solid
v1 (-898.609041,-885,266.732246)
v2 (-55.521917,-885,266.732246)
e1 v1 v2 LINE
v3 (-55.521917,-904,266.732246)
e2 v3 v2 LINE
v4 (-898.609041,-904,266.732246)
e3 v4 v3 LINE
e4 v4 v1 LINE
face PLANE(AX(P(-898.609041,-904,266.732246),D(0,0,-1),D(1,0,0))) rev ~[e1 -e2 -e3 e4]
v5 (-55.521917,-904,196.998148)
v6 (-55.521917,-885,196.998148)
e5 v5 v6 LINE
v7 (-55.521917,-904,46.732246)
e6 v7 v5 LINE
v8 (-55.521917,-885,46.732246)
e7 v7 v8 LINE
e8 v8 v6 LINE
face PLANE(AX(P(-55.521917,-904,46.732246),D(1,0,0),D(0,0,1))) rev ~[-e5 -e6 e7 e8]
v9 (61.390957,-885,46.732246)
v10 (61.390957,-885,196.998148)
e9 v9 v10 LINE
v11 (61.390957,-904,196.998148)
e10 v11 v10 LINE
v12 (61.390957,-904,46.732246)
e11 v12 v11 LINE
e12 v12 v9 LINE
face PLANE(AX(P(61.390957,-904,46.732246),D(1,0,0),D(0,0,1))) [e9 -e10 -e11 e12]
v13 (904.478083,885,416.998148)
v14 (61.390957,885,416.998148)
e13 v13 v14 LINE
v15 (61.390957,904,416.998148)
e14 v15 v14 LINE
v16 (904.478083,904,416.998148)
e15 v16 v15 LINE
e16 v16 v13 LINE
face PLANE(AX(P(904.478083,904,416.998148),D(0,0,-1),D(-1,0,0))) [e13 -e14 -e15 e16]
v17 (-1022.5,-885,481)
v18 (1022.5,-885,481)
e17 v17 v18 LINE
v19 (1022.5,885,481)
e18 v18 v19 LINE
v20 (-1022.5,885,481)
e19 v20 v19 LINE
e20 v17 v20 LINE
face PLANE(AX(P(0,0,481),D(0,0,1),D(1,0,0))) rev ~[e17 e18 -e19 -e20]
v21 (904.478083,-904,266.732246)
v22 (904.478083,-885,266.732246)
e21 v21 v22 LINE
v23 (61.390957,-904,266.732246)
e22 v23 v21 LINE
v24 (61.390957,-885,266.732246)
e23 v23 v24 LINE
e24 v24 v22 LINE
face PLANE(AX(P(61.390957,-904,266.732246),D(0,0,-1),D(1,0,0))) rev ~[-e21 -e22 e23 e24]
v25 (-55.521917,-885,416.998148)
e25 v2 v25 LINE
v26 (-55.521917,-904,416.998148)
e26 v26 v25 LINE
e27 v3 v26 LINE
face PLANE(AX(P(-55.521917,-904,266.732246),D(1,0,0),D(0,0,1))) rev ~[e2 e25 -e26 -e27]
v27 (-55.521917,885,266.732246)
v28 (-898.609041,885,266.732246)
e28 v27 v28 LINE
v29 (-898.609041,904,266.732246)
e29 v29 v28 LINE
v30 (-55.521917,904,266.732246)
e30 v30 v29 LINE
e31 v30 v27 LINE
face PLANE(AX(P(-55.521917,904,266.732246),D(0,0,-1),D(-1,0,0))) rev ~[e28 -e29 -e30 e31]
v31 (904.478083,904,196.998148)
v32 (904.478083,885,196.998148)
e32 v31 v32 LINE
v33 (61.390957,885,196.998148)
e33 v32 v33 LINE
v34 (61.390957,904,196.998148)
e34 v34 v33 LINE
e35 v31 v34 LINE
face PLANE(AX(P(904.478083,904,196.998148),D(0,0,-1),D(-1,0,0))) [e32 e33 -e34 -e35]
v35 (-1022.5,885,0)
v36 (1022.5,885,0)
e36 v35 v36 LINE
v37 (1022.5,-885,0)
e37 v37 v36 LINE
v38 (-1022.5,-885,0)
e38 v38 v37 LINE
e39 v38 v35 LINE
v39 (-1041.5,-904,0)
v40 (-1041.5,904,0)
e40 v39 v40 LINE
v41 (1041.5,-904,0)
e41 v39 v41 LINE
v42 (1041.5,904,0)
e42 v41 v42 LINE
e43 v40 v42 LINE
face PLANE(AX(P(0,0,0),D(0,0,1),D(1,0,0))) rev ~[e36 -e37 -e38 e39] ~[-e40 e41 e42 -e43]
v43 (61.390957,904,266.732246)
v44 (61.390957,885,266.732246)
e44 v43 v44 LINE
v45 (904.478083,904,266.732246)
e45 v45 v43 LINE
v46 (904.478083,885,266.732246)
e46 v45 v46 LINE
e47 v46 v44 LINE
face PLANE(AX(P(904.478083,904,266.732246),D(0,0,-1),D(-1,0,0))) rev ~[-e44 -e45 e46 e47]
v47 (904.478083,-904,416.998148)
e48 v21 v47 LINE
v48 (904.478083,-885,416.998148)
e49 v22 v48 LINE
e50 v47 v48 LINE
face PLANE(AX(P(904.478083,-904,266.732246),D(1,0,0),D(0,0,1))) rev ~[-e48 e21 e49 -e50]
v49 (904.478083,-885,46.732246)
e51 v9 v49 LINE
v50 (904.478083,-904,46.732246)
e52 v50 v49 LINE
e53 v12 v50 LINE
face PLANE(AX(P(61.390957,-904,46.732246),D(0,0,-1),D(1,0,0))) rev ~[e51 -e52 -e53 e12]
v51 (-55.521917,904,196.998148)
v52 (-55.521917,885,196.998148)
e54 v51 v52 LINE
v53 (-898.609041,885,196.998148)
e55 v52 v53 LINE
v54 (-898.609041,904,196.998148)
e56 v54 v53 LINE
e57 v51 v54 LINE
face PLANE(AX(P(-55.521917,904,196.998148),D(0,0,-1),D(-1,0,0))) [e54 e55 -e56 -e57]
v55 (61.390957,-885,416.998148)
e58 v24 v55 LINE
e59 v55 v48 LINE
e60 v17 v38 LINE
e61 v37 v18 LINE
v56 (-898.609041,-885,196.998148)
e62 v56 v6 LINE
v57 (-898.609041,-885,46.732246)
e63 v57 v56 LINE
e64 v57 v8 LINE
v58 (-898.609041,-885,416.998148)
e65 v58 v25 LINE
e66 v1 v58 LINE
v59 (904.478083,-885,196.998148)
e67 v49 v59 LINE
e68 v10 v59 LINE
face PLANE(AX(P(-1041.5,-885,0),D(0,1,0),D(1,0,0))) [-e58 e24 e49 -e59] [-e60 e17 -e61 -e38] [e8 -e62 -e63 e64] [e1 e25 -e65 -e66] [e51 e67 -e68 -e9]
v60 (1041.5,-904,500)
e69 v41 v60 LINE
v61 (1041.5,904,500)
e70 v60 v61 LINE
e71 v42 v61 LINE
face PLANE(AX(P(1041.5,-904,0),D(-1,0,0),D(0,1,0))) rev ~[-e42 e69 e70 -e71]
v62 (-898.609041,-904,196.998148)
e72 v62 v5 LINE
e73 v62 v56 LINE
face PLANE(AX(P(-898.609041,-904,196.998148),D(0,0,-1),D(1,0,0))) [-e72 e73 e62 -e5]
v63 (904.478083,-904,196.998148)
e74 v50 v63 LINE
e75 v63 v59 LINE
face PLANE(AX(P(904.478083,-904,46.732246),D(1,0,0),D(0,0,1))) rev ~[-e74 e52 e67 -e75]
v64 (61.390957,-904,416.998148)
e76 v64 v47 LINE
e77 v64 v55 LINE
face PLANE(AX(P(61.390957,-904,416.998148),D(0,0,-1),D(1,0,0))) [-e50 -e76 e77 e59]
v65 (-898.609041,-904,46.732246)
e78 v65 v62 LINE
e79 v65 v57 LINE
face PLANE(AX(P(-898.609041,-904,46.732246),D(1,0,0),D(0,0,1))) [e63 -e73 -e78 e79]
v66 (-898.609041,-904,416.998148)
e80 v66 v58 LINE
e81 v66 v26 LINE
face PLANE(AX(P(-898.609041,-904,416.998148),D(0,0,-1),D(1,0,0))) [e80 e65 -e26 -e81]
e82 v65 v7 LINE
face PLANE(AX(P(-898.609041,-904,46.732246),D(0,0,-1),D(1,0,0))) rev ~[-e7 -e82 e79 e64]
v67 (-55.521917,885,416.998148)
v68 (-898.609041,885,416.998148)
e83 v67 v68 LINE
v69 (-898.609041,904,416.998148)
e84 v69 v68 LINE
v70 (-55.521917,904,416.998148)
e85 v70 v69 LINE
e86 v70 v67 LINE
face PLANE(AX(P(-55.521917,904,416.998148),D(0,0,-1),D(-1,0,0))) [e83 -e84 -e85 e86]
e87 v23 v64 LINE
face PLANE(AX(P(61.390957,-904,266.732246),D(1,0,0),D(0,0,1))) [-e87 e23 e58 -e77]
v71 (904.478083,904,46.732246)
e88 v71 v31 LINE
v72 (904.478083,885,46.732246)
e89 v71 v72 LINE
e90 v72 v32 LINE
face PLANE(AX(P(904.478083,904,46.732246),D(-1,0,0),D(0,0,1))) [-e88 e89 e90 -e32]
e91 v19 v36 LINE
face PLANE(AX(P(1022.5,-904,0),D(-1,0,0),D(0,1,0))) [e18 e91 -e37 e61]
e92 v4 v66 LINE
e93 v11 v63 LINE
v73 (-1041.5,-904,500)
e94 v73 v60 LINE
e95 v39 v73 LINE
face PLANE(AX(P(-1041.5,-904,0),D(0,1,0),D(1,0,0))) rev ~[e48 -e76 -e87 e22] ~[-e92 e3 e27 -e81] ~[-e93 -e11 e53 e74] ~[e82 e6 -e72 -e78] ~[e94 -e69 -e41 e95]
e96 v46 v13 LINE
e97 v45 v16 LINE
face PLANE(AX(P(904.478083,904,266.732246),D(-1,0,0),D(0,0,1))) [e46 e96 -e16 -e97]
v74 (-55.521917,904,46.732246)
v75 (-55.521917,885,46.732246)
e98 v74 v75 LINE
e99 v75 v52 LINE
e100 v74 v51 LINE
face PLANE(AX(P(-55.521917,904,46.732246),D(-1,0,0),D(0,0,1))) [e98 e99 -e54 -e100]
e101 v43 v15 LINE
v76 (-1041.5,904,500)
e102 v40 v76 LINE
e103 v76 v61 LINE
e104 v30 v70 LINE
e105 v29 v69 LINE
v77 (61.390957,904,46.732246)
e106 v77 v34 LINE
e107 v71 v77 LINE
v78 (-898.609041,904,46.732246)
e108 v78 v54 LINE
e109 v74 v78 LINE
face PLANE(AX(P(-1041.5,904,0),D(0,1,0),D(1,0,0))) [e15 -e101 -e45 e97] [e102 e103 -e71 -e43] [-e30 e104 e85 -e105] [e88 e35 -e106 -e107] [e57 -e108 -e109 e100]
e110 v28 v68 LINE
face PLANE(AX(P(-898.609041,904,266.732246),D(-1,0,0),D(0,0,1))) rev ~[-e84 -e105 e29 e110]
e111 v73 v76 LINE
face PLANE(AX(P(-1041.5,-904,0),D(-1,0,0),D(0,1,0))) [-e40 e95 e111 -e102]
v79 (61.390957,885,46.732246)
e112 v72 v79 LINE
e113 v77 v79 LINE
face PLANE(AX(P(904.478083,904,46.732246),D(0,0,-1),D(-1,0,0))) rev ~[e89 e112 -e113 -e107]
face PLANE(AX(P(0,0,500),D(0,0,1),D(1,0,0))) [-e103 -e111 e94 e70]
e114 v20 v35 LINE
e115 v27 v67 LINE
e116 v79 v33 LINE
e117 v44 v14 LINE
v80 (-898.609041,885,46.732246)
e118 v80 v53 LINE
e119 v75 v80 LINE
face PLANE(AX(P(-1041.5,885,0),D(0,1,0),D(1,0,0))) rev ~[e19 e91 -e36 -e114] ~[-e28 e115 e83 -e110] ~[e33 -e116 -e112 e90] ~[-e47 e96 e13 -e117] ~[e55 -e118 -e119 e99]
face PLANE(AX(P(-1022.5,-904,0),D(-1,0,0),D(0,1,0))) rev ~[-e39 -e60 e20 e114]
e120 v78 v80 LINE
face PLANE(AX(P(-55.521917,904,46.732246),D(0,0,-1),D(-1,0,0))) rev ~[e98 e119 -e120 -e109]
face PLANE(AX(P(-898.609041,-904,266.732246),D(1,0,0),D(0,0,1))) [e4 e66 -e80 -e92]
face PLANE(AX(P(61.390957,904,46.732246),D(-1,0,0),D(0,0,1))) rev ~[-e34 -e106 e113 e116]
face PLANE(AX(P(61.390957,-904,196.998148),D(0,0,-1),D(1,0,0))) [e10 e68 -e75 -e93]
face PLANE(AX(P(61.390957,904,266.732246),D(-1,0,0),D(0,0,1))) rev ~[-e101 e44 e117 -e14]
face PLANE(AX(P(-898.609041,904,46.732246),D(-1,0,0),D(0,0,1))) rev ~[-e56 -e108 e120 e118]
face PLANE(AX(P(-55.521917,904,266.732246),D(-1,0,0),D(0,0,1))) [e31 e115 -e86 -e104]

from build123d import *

# Parameters (mm, degrees)
F0_W     = 2083
F0_H     = 1808
F1_DEPTH = 500
F2_T     = -19
F3_W     = 843.087125
F3_H     = 150.265902
F4_DEPTH = 19
F5_W     = 843.087125
F5_H     = 150.265902
F6_DEPTH = 19


with BuildPart() as f1:
    # F0 (on Top) → F1 (new body)
    with BuildSketch(Plane.XY):
        Rectangle(F0_W, F0_H)
    extrude(amount=F1_DEPTH)

    # F2
    f2_openings = [f1.faces().sort_by_distance(p)[0] for p in [
        (0, 0, 0),
    ]]
    offset(amount=F2_T, openings=f2_openings)

    # F3 (on face) → F4 (cut, through all)
    with BuildSketch(Plane.XZ.offset(904)):
        with Locations((-477.065479, 341.865197)):
            Rectangle(F3_W, F3_H)
        with Locations((482.93452, 341.865197)):
            Rectangle(F3_W, F3_H)
        with Locations((-477.065479, 121.865197)):
            Rectangle(F3_W, F3_H)
        with Locations((482.93452, 121.865197)):
            Rectangle(F3_W, F3_H)
    extrude(amount=-F4_DEPTH, mode=Mode.SUBTRACT)

    # F5 (on face) → F6 (cut, through all)
    with BuildSketch(Plane(origin=(0, 904, 0), x_dir=(-1, 0, 0), z_dir=(0, 1, 0))):
        with Locations((-482.93452, 341.865197)):
            Rectangle(F5_W, F5_H)
        with Locations((477.065479, 341.865197)):
            Rectangle(F5_W, F5_H)
        with Locations((-482.93452, 121.865197)):
            Rectangle(F5_W, F5_H)
        with Locations((477.065479, 121.865197)):
            Rectangle(F5_W, F5_H)
    extrude(amount=-F6_DEPTH, mode=Mode.SUBTRACT)


solid = f1.part
